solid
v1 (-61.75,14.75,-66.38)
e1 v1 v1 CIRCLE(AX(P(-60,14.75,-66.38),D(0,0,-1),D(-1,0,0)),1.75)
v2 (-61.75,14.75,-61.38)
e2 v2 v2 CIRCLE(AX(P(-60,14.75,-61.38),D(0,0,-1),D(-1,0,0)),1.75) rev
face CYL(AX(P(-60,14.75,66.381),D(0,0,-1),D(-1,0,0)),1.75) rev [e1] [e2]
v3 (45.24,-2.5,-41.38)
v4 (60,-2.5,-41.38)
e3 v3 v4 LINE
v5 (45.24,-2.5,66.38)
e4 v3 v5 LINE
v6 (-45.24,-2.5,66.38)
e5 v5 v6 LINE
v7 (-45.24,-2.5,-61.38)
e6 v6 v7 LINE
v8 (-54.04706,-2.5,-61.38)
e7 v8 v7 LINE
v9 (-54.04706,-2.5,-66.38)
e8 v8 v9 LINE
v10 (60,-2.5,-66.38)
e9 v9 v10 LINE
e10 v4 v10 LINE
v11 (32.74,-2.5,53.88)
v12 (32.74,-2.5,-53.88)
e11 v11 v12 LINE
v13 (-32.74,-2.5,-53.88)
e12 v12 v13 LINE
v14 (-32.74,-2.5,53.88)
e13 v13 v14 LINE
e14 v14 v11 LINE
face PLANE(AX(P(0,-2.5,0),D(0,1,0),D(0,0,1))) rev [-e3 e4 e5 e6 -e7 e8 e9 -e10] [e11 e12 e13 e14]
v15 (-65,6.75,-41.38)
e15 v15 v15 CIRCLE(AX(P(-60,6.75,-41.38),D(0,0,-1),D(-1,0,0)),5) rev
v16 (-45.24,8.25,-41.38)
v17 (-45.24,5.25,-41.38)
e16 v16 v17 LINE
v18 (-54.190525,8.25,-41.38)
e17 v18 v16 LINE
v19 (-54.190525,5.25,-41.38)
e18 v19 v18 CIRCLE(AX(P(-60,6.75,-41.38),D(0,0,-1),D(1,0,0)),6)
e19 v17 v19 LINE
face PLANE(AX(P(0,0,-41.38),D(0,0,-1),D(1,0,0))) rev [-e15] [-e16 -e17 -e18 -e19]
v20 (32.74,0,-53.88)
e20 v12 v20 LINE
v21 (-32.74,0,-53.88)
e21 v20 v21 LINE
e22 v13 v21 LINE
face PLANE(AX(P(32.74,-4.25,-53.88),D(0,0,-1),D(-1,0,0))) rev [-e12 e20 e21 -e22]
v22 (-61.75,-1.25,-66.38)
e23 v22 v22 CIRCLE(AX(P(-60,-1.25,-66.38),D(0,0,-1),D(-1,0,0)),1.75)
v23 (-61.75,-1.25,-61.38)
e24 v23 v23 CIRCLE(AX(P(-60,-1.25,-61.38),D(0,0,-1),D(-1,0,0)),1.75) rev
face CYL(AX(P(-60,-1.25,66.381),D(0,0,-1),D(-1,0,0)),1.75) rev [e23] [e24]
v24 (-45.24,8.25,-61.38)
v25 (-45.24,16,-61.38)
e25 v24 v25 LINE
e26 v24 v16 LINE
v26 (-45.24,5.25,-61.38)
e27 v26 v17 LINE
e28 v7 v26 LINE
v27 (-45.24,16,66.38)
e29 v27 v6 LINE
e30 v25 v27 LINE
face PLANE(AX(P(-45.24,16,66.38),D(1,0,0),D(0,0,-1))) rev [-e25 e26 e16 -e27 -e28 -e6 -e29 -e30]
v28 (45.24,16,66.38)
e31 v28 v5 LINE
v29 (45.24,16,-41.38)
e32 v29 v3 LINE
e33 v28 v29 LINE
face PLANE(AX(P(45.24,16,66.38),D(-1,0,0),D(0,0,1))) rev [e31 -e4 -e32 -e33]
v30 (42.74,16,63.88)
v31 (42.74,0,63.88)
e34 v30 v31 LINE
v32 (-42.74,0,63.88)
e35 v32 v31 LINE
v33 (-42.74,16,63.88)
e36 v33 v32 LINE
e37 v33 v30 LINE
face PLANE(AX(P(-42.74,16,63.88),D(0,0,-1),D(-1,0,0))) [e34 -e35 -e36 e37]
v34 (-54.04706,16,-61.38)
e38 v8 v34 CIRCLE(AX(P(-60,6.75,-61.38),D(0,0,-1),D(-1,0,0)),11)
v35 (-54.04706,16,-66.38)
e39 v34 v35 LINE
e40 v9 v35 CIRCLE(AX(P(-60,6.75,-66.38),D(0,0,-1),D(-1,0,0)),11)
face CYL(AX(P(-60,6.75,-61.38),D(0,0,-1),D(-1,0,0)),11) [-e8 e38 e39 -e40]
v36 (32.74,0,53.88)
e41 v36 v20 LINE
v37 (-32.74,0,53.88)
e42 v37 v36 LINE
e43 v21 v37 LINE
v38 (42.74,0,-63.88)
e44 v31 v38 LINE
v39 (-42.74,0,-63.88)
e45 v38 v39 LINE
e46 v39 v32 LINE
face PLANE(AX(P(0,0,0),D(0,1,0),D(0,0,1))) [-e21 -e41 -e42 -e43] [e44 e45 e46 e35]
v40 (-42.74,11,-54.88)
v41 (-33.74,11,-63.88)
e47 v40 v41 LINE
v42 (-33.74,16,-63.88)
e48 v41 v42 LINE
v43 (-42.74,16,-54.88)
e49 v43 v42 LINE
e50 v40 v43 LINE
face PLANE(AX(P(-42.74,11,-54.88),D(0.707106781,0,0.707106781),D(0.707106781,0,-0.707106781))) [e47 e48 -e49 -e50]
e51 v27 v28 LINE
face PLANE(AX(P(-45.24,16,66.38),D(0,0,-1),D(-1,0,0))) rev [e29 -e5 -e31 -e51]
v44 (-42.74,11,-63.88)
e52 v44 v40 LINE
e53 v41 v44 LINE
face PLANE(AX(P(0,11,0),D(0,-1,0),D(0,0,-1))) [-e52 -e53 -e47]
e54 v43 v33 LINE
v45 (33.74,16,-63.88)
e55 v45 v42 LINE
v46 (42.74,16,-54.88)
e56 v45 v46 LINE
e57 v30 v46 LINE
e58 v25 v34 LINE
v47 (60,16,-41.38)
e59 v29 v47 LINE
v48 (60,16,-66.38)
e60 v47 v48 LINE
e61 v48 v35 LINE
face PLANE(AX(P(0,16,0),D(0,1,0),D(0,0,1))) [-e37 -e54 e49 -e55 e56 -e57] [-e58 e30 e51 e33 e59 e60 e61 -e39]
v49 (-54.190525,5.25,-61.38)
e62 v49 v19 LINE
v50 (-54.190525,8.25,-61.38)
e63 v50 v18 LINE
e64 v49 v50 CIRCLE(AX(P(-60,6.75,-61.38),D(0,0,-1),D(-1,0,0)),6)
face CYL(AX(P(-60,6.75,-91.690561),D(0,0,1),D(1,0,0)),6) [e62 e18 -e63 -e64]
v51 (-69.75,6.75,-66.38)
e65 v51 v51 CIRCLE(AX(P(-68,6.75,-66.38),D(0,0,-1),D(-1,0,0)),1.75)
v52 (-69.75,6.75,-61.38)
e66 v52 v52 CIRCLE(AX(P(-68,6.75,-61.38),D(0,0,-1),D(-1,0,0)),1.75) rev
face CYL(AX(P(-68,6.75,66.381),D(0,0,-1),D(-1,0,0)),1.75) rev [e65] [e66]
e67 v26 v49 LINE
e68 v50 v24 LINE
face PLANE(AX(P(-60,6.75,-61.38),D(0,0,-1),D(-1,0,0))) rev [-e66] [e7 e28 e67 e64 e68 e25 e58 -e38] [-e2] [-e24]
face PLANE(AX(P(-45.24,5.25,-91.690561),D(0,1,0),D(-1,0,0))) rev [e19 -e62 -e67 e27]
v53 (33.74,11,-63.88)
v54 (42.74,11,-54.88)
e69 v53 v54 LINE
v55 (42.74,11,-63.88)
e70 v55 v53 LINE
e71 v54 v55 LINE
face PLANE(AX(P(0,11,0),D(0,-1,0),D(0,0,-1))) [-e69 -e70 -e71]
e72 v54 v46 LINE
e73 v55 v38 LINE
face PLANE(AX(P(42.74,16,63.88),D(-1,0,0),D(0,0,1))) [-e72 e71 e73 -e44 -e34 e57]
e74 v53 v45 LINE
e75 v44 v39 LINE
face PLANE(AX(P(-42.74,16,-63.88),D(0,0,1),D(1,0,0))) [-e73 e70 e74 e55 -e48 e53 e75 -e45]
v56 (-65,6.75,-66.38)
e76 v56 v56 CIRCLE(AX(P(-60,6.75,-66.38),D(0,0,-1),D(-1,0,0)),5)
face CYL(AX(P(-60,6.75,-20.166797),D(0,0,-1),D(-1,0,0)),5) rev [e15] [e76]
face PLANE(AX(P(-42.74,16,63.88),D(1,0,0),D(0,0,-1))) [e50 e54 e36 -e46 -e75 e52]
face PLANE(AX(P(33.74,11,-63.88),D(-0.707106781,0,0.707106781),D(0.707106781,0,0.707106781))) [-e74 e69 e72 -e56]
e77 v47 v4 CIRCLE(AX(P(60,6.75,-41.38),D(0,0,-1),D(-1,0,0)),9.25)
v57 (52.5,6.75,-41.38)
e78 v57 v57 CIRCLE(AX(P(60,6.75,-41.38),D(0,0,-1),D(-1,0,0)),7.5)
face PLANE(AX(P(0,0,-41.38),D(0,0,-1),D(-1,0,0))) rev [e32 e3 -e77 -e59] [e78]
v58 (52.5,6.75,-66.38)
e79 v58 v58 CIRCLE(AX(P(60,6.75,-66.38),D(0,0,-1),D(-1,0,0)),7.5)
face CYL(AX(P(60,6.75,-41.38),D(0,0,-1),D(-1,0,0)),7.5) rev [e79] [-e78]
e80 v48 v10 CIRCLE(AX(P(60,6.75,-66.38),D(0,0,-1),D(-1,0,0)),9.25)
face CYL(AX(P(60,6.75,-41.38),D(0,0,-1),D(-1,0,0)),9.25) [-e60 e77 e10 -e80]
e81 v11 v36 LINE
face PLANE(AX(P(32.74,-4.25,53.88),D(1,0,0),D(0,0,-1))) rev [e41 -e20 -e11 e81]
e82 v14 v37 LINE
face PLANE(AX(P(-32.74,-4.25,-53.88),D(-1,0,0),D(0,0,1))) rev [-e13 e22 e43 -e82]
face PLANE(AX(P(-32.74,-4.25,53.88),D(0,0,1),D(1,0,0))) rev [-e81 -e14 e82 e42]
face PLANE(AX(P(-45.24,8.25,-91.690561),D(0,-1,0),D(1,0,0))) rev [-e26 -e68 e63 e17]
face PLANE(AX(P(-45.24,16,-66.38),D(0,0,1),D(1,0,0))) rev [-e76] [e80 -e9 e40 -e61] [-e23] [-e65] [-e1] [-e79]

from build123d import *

# Parameters (mm, degrees)
SKETCH1_W           = 90.48
SKETCH1_H           = 132.76
SKETCH1_W_2         = 85.48
SKETCH1_H_2         = 127.76
BOSS_EXTRUDE1_DEPTH = 16
SKETCH2_W           = 90.48
SKETCH2_H           = 132.76
BOSS_EXTRUDE2_DEPTH = 2.5
SKETCH3_R           = 7.5
BOSS_EXTRUDE3_DEPTH = 25
SKETCH4_R           = 7.5
SKETCH4_R_2         = 5
BOSS_EXTRUDE4_DEPTH = 25
SKETCH5_R           = 11
SKETCH5_R_2         = 5
BOSS_EXTRUDE5_DEPTH = 5
SKETCH7_R           = 5
CUT_EXTRUDE2_DEPTH  = 20
CUT_EXTRUDE3_REACH  = 134.76
SKETCH8_R           = 1.75
BOSS_EXTRUDE6_DEPTH = 5
SKETCH10_W          = 65.48
SKETCH10_H          = 107.76
CUT_EXTRUDE4_DEPTH  = 5.25


with BuildPart() as part:
    # Sketch1 → Boss-Extrude1 (new body)
    with BuildSketch(Plane(origin=(0, 0, 0), x_dir=(1, 0, 0), z_dir=(0, 1, 0))):
        Rectangle(SKETCH1_W, SKETCH1_H)
        Rectangle(SKETCH1_W_2, SKETCH1_H_2, mode=Mode.SUBTRACT)
    extrude(amount=BOSS_EXTRUDE1_DEPTH)

    # Sketch2 → Boss-Extrude2 (add)
    with BuildSketch(Plane.XZ):
        Rectangle(SKETCH2_W, SKETCH2_H)
    extrude(amount=BOSS_EXTRUDE2_DEPTH)

    # Sketch3 → Boss-Extrude3 (add)
    with BuildSketch(Plane(origin=(0, 0, -66.38), x_dir=(-1, 0, 0), z_dir=(0, 0, -1))):
        with BuildLine():
            Line((-45.24, 16), (-60, 16))
            ThreePointArc((-60, 16), (-69.25, 6.75), (-60, -2.5))
            Line((-60, -2.5), (-45.24, -2.5))
            Line((-45.24, -2.5), (-45.24, 16))
        make_face()
        with Locations((-60, 6.75)):
            Circle(SKETCH3_R, mode=Mode.SUBTRACT)
    boss_extrude3 = extrude(amount=-BOSS_EXTRUDE3_DEPTH)

    # Mirror1: Boss-Extrude3 across plane
    add(boss_extrude3.mirror(Plane(origin=(0, 0, 0), x_dir=(0, 0, 1), z_dir=(1, 0, 0))))

    # Sketch4 → Boss-Extrude4 (add)
    with BuildSketch(Plane(origin=(0, 0, -66.38), x_dir=(-1, 0, 0), z_dir=(0, 0, -1))):
        with Locations((60, 6.75)):
            Circle(SKETCH4_R)
        with Locations((60, 6.75)):
            Circle(SKETCH4_R_2, mode=Mode.SUBTRACT)
    extrude(amount=-BOSS_EXTRUDE4_DEPTH)

    # Sketch5 → Boss-Extrude5 (add)
    with BuildSketch(Plane(origin=(0, 0, -66.38), x_dir=(-1, 0, 0), z_dir=(0, 0, -1))):
        with Locations((60, 6.75)):
            Circle(SKETCH5_R)
        with Locations((60, 6.75)):
            Circle(SKETCH5_R_2, mode=Mode.SUBTRACT)
    extrude(amount=-BOSS_EXTRUDE5_DEPTH)

    # Sketch7 → Cut-Extrude2 (cut)
    with BuildSketch(Plane.XY.offset(-41.38)):
        with Locations((-60, 6.75)):
            Circle(SKETCH7_R)
        with BuildLine():
            Line((-45.24, -2.5), (-60, -2.5))
            ThreePointArc((-60, -2.5), (-69.25, 6.75), (-60, 16))
            Line((-60, 16), (-45.24, 16))
            Line((-45.24, 16), (-45.24, 8.25))
            Line((-45.24, 8.25), (-54.190524981, 8.25))
            ThreePointArc((-54.190524981, 8.25), (-66, 6.75), (-54.190524981, 5.25))
            Line((-54.190524981, 5.25), (-45.24, 5.25))
            Line((-45.24, 5.25), (-45.24, -2.5))
        make_face()
    extrude(amount=-CUT_EXTRUDE2_DEPTH, mode=Mode.SUBTRACT)

    # Sketch8 → Cut-Extrude3 (cut, up to next)
    with BuildSketch(Plane(origin=(0, 0, -66.38), x_dir=(-1, 0, 0), z_dir=(0, 0, -1)), mode=Mode.PRIVATE) as cut_extrude3_sk1:
        with Locations((60, 14.75)):
            Circle(SKETCH8_R)
    cut_extrude3_tool1 = extrude(cut_extrude3_sk1.sketch, amount=-CUT_EXTRUDE3_REACH, mode=Mode.PRIVATE) & part.part
    add(cut_extrude3_tool1.solids().sort_by_distance((-60, 14.75, -66.38))[0], mode=Mode.SUBTRACT)
    # Sketch8 → Cut-Extrude3 (cut, up to next)
    with BuildSketch(Plane(origin=(0, 0, -66.38), x_dir=(-1, 0, 0), z_dir=(0, 0, -1)), mode=Mode.PRIVATE) as cut_extrude3_sk2:
        with Locations((68, 6.75)):
            Circle(SKETCH8_R)
    cut_extrude3_tool2 = extrude(cut_extrude3_sk2.sketch, amount=-CUT_EXTRUDE3_REACH, mode=Mode.PRIVATE) & part.part
    add(cut_extrude3_tool2.solids().sort_by_distance((-68, 6.75, -66.38))[0], mode=Mode.SUBTRACT)
    # Sketch8 → Cut-Extrude3 (cut, up to next)
    with BuildSketch(Plane(origin=(0, 0, -66.38), x_dir=(-1, 0, 0), z_dir=(0, 0, -1)), mode=Mode.PRIVATE) as cut_extrude3_sk3:
        with Locations((60, -1.25)):
            Circle(SKETCH8_R)
    cut_extrude3_tool3 = extrude(cut_extrude3_sk3.sketch, amount=-CUT_EXTRUDE3_REACH, mode=Mode.PRIVATE) & part.part
    add(cut_extrude3_tool3.solids().sort_by_distance((-60, -1.25, -66.38))[0], mode=Mode.SUBTRACT)

    # Sketch9 → Boss-Extrude6 (add)
    with BuildSketch(Plane(origin=(0, 16, 0), x_dir=(1, 0, 0), z_dir=(0, 1, 0))):
        Polygon((33.74, 63.88), (42.74, 54.88), (42.74, 63.88), align=None)
        Polygon((-42.74, 54.88), (-33.74, 63.88), (-42.74, 63.88), align=None)
    extrude(amount=-BOSS_EXTRUDE6_DEPTH)

    # Sketch10 → Cut-Extrude4 (cut, through all)
    with BuildSketch(Plane(origin=(0, 0, 0), x_dir=(1, 0, 0), z_dir=(0, 1, 0))):
        Rectangle(SKETCH10_W, SKETCH10_H)
    extrude(amount=-CUT_EXTRUDE4_DEPTH, mode=Mode.SUBTRACT)


solid = part.part
